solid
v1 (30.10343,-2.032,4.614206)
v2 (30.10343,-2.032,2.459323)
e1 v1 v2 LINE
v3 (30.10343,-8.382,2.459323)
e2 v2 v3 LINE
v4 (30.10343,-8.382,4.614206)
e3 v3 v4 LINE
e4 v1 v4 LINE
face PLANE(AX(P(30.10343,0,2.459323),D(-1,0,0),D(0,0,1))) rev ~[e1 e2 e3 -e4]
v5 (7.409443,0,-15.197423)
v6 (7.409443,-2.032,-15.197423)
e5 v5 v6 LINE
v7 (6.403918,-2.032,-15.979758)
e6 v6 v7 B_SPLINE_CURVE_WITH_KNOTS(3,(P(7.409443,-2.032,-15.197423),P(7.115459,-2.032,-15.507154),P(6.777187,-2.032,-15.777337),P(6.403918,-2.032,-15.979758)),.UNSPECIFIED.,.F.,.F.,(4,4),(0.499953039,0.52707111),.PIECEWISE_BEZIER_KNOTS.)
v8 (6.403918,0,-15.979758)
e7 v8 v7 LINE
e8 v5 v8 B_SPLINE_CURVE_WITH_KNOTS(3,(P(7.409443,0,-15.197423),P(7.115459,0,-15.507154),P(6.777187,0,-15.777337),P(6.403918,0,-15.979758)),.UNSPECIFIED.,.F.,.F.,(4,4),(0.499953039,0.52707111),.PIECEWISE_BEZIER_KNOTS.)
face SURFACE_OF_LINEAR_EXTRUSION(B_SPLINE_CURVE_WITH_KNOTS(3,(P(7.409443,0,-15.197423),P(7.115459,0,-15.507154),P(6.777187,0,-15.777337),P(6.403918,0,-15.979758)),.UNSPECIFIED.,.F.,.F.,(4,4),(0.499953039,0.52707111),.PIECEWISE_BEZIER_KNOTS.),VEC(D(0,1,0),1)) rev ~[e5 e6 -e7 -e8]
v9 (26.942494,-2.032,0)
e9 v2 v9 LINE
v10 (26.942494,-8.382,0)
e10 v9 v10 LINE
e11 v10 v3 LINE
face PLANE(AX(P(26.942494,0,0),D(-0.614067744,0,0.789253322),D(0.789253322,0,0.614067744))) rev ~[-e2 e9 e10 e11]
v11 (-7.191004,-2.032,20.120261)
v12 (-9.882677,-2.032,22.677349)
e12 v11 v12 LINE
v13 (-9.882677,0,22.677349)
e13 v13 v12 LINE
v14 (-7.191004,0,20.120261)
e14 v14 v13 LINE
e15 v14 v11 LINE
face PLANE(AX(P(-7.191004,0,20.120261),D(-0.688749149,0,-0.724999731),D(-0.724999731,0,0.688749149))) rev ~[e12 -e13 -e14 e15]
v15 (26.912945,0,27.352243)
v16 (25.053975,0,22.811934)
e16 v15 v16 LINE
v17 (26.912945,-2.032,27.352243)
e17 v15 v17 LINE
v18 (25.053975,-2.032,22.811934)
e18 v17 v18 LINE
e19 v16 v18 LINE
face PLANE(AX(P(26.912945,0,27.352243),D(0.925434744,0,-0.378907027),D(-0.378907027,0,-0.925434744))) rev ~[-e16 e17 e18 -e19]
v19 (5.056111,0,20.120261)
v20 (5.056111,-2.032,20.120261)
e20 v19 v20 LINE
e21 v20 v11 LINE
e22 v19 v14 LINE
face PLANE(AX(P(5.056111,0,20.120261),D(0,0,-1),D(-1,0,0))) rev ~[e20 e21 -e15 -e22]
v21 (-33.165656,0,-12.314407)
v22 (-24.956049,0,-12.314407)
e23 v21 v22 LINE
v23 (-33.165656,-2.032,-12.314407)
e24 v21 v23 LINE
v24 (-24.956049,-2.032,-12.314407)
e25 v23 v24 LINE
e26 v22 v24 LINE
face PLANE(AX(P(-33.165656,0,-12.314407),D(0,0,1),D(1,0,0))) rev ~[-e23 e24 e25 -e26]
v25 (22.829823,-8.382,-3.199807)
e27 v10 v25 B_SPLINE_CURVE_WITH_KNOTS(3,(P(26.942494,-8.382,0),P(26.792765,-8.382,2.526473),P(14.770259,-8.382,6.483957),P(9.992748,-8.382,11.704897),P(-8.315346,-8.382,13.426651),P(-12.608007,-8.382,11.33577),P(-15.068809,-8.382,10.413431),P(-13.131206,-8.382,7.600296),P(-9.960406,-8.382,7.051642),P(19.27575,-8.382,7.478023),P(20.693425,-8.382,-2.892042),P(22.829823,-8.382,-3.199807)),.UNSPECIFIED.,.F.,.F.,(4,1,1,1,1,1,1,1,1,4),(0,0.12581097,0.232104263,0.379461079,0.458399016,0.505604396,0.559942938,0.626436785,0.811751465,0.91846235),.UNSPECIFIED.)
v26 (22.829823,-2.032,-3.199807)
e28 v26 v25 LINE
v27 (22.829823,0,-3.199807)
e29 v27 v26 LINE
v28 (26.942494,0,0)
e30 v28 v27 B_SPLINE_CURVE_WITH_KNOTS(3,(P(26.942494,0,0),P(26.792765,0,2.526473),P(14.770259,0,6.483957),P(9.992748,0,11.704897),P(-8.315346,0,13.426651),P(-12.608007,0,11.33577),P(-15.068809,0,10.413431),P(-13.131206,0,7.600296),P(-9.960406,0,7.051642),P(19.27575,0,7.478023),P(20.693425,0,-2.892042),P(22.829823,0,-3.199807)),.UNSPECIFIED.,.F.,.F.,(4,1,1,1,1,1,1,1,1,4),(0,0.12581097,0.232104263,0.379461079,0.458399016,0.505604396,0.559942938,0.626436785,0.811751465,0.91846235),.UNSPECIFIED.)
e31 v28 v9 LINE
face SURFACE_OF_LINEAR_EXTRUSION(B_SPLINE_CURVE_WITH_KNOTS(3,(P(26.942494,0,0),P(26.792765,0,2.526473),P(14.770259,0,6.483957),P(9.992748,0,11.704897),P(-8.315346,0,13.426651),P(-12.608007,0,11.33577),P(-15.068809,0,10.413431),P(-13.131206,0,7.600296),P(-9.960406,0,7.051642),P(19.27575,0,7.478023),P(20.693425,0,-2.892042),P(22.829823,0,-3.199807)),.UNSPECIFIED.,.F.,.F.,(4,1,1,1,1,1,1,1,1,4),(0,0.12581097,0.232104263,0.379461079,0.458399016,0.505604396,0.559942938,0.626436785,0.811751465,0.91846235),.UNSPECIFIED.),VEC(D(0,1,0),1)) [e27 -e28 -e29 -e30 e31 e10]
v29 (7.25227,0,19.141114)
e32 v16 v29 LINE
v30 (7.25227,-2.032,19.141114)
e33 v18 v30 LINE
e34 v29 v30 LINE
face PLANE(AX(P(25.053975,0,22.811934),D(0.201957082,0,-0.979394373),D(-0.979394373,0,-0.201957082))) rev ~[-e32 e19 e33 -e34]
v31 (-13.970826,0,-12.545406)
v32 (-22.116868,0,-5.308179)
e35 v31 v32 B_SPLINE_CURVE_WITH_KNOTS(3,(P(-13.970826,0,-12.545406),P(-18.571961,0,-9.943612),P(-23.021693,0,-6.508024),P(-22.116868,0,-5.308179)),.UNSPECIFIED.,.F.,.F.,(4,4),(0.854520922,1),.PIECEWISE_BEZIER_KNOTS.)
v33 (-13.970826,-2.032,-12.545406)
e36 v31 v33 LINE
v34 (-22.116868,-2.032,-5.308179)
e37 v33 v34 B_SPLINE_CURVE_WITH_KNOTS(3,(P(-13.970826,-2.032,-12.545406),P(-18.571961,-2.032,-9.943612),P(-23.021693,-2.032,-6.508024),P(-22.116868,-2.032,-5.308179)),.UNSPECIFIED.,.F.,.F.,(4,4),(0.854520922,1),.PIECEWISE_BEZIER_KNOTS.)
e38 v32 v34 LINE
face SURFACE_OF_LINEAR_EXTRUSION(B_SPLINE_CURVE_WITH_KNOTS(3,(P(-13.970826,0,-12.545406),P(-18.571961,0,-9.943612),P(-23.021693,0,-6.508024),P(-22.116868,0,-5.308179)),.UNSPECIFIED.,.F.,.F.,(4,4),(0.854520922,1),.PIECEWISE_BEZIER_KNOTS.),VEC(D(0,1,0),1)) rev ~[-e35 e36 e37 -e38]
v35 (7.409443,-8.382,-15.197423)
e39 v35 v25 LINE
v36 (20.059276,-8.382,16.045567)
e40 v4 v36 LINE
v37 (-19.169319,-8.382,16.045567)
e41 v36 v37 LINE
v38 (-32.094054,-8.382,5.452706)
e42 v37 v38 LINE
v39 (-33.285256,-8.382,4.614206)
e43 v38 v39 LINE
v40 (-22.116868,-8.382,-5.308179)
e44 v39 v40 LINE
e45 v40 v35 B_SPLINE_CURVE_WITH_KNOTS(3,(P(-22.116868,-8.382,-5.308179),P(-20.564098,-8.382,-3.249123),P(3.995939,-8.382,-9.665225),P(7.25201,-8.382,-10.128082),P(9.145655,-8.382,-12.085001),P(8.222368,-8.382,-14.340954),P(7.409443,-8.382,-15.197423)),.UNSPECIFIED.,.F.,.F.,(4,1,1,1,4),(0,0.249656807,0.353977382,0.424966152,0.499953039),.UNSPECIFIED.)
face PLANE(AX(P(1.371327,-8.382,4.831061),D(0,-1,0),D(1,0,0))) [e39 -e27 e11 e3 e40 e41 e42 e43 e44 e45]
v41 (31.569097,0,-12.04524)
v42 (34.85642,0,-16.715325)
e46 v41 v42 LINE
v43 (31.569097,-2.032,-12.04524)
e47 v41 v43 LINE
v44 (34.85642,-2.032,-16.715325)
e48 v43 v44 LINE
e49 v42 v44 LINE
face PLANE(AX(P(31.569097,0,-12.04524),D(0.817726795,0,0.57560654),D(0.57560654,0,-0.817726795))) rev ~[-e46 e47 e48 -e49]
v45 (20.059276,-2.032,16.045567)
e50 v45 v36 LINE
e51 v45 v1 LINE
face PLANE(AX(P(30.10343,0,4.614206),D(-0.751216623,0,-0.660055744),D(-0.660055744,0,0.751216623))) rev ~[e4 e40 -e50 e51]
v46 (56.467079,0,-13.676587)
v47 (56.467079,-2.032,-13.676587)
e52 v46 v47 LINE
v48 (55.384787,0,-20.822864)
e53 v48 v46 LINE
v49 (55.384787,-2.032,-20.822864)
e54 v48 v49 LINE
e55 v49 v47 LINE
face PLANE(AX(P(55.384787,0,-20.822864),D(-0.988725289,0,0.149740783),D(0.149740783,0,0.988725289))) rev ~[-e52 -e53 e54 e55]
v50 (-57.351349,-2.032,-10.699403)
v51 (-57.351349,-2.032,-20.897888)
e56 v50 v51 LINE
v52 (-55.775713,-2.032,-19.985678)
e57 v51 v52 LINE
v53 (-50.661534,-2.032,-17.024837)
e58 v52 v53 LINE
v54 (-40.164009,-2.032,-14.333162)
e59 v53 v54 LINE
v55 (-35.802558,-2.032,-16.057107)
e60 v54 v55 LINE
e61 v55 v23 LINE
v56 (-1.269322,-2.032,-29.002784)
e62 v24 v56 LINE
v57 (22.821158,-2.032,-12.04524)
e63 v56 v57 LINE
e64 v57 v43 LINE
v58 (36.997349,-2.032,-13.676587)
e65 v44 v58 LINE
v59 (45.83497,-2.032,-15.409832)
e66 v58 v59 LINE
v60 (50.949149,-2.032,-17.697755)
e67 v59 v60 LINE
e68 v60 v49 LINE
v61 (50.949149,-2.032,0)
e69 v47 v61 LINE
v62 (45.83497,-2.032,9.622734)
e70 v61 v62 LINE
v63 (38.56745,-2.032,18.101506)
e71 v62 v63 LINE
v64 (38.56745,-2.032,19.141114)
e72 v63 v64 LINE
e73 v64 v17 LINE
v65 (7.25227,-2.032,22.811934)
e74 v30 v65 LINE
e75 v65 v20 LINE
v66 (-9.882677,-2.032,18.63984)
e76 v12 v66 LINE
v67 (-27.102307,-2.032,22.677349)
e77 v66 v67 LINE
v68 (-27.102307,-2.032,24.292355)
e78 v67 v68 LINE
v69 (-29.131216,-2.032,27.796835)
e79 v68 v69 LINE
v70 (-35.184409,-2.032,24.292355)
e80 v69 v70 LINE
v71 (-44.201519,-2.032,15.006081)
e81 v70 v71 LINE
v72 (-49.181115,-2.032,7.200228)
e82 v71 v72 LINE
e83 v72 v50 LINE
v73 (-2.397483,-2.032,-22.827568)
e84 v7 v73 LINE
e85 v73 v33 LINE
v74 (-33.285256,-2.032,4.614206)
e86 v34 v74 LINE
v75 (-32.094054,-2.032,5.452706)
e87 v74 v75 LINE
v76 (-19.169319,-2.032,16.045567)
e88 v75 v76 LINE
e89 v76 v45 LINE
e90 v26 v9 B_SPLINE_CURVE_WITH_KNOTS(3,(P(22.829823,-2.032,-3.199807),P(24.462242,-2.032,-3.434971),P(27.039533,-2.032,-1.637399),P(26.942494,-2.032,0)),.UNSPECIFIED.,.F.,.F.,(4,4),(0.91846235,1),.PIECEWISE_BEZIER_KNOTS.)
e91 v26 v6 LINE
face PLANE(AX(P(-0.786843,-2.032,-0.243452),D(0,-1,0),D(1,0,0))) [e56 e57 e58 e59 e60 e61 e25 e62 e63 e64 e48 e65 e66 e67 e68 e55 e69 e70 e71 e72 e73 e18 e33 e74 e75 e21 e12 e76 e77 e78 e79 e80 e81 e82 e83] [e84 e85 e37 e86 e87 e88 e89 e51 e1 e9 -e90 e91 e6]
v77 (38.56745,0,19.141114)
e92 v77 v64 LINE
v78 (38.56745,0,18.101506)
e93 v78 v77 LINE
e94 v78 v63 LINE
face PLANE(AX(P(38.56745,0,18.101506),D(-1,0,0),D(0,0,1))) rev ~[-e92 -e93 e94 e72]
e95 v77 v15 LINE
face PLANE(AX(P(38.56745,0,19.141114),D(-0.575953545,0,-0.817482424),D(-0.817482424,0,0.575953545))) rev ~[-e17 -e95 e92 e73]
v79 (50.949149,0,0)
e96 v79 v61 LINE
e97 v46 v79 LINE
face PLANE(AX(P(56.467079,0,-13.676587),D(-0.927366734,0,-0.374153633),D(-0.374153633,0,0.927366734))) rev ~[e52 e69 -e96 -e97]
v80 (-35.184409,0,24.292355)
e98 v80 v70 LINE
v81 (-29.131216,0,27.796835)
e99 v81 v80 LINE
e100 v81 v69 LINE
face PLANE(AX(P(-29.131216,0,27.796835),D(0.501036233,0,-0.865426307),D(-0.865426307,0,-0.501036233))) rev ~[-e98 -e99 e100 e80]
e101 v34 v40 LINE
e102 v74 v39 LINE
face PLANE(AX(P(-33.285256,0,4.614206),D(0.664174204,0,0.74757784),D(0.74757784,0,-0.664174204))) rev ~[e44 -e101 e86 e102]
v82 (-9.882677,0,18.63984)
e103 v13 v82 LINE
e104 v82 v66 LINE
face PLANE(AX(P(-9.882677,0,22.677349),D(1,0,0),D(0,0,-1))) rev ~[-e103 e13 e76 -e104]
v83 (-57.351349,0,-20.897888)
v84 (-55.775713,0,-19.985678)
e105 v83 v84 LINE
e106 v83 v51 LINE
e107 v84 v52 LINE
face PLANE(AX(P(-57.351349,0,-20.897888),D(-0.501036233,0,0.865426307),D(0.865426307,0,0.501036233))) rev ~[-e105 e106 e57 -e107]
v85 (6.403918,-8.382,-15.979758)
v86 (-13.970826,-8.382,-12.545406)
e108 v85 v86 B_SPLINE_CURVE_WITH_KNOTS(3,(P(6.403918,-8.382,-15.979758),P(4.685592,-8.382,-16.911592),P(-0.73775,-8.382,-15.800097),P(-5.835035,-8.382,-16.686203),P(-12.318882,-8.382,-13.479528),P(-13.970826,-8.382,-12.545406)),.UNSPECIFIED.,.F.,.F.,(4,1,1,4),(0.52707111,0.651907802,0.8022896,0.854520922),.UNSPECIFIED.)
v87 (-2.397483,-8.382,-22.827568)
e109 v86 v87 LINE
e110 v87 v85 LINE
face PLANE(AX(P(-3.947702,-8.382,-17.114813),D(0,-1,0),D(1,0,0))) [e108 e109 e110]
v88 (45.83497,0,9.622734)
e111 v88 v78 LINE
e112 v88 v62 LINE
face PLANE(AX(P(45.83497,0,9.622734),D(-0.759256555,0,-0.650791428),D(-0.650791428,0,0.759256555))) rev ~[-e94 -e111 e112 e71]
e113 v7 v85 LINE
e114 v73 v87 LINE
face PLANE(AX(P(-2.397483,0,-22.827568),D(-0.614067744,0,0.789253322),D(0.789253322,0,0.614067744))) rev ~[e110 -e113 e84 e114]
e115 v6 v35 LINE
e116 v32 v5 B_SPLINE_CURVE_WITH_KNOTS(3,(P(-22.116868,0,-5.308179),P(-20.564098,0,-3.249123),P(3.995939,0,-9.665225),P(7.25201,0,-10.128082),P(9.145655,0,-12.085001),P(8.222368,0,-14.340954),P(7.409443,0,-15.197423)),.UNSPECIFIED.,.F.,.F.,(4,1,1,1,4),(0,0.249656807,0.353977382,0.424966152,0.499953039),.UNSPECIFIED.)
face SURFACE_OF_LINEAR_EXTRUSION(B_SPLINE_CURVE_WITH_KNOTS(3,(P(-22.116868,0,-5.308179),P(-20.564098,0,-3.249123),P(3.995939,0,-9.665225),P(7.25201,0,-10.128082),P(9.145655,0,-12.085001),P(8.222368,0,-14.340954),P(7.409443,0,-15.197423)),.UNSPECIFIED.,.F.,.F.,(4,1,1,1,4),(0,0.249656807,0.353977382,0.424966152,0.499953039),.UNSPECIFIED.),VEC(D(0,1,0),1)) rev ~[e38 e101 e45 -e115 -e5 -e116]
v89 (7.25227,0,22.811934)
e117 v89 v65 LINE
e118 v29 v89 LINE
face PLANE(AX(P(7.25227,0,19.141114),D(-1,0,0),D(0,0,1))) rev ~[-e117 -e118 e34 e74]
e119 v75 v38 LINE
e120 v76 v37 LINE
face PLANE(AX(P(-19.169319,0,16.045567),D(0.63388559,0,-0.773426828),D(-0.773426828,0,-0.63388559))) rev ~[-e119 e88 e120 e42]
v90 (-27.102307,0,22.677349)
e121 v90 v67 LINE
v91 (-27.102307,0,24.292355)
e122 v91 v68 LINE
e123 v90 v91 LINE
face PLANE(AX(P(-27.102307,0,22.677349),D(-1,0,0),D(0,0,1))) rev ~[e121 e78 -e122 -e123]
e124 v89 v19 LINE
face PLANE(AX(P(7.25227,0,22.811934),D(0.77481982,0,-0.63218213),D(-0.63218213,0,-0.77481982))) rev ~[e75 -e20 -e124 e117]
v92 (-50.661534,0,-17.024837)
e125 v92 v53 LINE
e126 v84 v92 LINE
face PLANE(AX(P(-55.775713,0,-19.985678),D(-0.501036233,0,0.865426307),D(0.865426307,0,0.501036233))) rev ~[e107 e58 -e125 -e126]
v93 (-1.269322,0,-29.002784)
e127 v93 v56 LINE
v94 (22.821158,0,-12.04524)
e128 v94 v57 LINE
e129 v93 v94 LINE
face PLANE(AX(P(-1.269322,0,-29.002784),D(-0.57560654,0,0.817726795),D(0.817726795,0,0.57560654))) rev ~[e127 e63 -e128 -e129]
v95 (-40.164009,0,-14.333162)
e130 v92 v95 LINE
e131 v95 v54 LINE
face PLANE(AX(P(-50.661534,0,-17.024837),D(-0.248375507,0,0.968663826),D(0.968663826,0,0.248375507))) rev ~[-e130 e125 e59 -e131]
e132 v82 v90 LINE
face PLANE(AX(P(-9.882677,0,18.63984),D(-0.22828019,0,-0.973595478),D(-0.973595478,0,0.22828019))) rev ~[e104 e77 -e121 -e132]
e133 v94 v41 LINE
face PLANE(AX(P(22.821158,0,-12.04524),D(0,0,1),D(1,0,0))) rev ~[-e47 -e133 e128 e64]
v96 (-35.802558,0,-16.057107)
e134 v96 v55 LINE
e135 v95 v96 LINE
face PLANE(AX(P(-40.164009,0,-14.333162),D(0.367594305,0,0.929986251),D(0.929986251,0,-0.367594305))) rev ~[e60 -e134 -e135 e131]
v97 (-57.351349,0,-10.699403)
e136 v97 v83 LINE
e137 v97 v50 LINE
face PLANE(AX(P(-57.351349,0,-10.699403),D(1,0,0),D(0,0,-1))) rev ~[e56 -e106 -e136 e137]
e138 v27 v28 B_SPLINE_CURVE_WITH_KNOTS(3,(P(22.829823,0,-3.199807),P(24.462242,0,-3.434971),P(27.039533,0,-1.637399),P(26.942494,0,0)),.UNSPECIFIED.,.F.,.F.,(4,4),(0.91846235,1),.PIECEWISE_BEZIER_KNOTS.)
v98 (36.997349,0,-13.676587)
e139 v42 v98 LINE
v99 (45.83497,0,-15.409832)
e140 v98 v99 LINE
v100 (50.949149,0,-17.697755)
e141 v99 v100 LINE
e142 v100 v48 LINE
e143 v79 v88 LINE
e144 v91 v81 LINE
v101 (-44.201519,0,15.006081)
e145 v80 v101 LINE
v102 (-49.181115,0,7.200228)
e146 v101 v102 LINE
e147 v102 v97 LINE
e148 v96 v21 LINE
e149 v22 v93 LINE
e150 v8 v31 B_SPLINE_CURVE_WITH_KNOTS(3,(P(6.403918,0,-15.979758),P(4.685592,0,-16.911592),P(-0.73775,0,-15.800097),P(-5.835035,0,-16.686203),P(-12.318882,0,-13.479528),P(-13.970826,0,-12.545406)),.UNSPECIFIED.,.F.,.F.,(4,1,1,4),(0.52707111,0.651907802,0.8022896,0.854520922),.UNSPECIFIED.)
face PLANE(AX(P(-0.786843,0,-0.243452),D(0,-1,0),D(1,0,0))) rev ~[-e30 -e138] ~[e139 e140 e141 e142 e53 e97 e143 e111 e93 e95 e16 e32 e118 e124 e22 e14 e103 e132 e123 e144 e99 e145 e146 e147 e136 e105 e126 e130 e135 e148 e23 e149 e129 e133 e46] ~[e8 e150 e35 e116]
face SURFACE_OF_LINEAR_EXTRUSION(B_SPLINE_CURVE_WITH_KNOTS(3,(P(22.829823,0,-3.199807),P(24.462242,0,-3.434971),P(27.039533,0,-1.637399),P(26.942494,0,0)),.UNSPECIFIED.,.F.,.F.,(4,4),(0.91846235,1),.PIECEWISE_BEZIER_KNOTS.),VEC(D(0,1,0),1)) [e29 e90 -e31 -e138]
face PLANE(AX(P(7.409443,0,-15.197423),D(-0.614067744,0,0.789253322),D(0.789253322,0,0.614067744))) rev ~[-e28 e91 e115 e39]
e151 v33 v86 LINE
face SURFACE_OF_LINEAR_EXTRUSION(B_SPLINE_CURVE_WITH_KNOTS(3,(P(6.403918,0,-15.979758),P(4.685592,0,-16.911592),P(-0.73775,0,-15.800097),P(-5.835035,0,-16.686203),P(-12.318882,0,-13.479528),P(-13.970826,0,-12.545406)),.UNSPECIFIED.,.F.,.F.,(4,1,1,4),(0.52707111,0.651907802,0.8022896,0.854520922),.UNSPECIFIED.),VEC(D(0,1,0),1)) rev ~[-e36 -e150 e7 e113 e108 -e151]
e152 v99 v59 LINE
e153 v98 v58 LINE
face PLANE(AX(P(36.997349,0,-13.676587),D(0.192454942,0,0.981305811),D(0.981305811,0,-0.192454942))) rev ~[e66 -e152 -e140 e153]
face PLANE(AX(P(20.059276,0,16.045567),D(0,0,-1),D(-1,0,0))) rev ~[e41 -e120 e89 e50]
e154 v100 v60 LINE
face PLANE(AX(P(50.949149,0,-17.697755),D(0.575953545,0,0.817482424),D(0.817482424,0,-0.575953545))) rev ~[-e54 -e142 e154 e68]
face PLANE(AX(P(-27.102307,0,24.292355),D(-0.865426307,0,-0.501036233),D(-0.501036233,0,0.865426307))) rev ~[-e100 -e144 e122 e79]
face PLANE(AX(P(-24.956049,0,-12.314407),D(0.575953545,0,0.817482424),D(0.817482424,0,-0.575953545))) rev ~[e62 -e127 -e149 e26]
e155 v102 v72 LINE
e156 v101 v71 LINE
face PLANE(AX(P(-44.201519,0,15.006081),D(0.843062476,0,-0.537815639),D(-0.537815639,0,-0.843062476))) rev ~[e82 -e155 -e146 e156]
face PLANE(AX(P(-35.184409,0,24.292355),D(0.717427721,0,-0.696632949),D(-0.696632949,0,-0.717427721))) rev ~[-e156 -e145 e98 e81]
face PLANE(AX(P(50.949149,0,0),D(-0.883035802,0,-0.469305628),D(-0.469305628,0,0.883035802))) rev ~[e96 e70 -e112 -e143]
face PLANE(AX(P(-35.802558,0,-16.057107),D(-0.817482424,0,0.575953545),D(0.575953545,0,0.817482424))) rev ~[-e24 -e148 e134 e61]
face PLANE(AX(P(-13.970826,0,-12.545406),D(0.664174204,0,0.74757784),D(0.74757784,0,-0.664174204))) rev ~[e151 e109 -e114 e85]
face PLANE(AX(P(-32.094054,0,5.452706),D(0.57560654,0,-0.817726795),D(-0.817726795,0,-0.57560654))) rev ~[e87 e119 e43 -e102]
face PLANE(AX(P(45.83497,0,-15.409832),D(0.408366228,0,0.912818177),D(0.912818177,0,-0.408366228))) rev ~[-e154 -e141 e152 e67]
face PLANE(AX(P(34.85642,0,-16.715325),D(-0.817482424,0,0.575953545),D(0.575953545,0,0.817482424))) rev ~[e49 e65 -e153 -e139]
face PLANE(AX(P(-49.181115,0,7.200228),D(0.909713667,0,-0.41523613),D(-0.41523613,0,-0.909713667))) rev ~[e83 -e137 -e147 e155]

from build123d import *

# Parameters (mm, degrees)
F1_DEPTH = 2.032
F2_DEPTH = 8.382


with BuildPart() as f1:
    # F0 (on Front) → F1 (new body)
    with BuildSketch(Plane.XZ):
        Polygon((-33.1656560302, -12.3144071549), (-24.9560493976, -12.3144071549), (-1.2693220051, -29.00278382), (22.8211581707, -12.0452400297), (31.5690971911, -12.0452400297), (34.8564195064, -16.7153251581), (36.9973490829, -13.6765865041), (45.8349697292, -15.409831889), (50.9491488338, -17.6977552474), (55.3847869133, -20.8228639969), (56.4670786262, -13.6765865041), (50.9491488338, 0), (45.8349697292, 9.62273404), (38.5674498975, 18.1015059352), (38.5674498975, 19.1411144212), (26.9129447769, 27.3522432984), (25.0539752738, 22.8119343519), (7.2522702998, 19.1411144212), (7.2522702998, 22.8119343519), (5.056111142, 20.120261237), (-7.1910037659, 20.120261237), (-9.8826773465, 22.6773489267), (-9.8826773465, 18.6398401856), (-27.1023066864, 22.6773489267), (-27.1023066864, 24.2923554033), (-29.1312160043, 27.7968354823), (-35.1844094694, 24.2923554033), (-44.2015193403, 15.0060812011), (-49.1811148822, 7.2002275847), (-57.3513488688, -10.6994034722), (-57.3513488688, -20.897887722), (-55.7757131755, -19.9856776744), (-50.661534071, -17.0248374343), (-40.1640087366, -14.3331624568), (-35.8025580595, -16.0571066866), align=None)
        with BuildLine():
            Line((-19.1693194211, 16.0455666482), (20.0592763722, 16.0455666482))
            Line((20.0592763722, 16.0455666482), (30.1034301519, 4.6142059552))
            Line((30.1034301519, 4.6142059552), (30.1034301519, 2.4593232665))
            Line((30.1034301519, 2.4593232665), (26.9424937972, 0))
            add(Edge.make_bspline(
                [(22.8298229254, -3.1998072809), (24.462241695, -3.4349706597), (27.0395326488, -1.6373986063), (26.9424937972, 0)],
                knots=[0.9184623502, 0.9184623502, 0.9184623502, 0.9184623502, 1, 1, 1, 1], degree=3))
            Line((22.8298229254, -3.1998072809), (7.4094428032, -15.1974229735))
            add(Edge.make_bspline(
                [(7.4094428032, -15.1974229735), (7.1154585621, -15.5071544168), (6.7771867031, -15.7773373426), (6.4039175498, -15.9797581342)],
                knots=[0.4999530393, 0.4999530393, 0.4999530393, 0.4999530393, 0.5270711103, 0.5270711103, 0.5270711103, 0.5270711103], degree=3))
            Line((6.4039175498, -15.9797581342), (-2.3974832147, -22.8275675327))
            Line((-2.3974832147, -22.8275675327), (-13.9708261384, -12.5454063883))
            add(Edge.make_bspline(
                [(-13.9708261384, -12.5454063883), (-18.5719613103, -9.9436120425), (-23.0216929729, -6.50802384), (-22.1168683162, -5.308178656)],
                knots=[0.8545209224, 0.8545209224, 0.8545209224, 0.8545209224, 1, 1, 1, 1], degree=3))
            Line((-22.1168683162, -5.308178656), (-33.2852557897, 4.6142059552))
            Line((-33.2852557897, 4.6142059552), (-32.0940539241, 5.4527055472))
            Line((-32.0940539241, 5.4527055472), (-19.1693194211, 16.0455666482))
        make_face(mode=Mode.SUBTRACT)
    extrude(amount=F1_DEPTH)

    # F0 (on Front) → F2 (join)
    with BuildSketch(Plane.XZ):
        with BuildLine():
            Line((30.1034301519, 4.6142059552), (20.0592763722, 16.0455666482))
            Line((20.0592763722, 16.0455666482), (-19.1693194211, 16.0455666482))
            Line((-19.1693194211, 16.0455666482), (-32.0940539241, 5.4527055472))
            Line((-32.0940539241, 5.4527055472), (-33.2852557897, 4.6142059552))
            Line((-33.2852557897, 4.6142059552), (-22.1168683162, -5.308178656))
            add(Edge.make_bspline(
                [(-22.1168683162, -5.308178656), (-20.5640977138, -3.2491229978), (3.9959390264, -9.6652249084), (7.2520101228, -10.1280816189), (9.145655015, -12.0850009625), (8.2223679986, -14.340953616), (7.4094428032, -15.1974229735)],
                knots=[0, 0, 0, 0, 0.2496568073, 0.3539773818, 0.4249661519, 0.4999530393, 0.4999530393, 0.4999530393, 0.4999530393], degree=3))
            Line((7.4094428032, -15.1974229735), (22.8298229254, -3.1998072809))
            add(Edge.make_bspline(
                [(26.9424937972, 0), (26.7927647819, 2.5264734376), (14.7702586202, 6.4839571334), (9.9927479767, 11.7048966434), (-8.3153461992, 13.4266508013), (-12.6080071816, 11.3357704714), (-15.0688090824, 10.4134312297), (-13.1312061498, 7.6002957892), (-9.960406249, 7.0516420566), (19.275750104, 7.4780233176), (20.6934251658, -2.8920415747), (22.8298229254, -3.1998072809)],
                knots=[0, 0, 0, 0, 0.1258109696, 0.2321042634, 0.3794610791, 0.4583990161, 0.5056043961, 0.5599429381, 0.6264367852, 0.8117514648, 0.9184623502, 0.9184623502, 0.9184623502, 0.9184623502], degree=3))
            Line((26.9424937972, 0), (30.1034301519, 2.4593232665))
            Line((30.1034301519, 2.4593232665), (30.1034301519, 4.6142059552))
        make_face()
        with BuildLine():
            add(Edge.make_bspline(
                [(6.4039175498, -15.9797581342), (4.6855915646, -16.911592182), (-0.7377498155, -15.8000970006), (-5.8350345939, -16.6862025714), (-12.3188815542, -13.47952806), (-13.9708261384, -12.5454063883)],
                knots=[0.5270711103, 0.5270711103, 0.5270711103, 0.5270711103, 0.6519078017, 0.8022896001, 0.8545209224, 0.8545209224, 0.8545209224, 0.8545209224], degree=3))
            Line((-13.9708261384, -12.5454063883), (-2.3974832147, -22.8275675327))
            Line((-2.3974832147, -22.8275675327), (6.4039175498, -15.9797581342))
        make_face()
    extrude(amount=F2_DEPTH)


solid = f1.part
